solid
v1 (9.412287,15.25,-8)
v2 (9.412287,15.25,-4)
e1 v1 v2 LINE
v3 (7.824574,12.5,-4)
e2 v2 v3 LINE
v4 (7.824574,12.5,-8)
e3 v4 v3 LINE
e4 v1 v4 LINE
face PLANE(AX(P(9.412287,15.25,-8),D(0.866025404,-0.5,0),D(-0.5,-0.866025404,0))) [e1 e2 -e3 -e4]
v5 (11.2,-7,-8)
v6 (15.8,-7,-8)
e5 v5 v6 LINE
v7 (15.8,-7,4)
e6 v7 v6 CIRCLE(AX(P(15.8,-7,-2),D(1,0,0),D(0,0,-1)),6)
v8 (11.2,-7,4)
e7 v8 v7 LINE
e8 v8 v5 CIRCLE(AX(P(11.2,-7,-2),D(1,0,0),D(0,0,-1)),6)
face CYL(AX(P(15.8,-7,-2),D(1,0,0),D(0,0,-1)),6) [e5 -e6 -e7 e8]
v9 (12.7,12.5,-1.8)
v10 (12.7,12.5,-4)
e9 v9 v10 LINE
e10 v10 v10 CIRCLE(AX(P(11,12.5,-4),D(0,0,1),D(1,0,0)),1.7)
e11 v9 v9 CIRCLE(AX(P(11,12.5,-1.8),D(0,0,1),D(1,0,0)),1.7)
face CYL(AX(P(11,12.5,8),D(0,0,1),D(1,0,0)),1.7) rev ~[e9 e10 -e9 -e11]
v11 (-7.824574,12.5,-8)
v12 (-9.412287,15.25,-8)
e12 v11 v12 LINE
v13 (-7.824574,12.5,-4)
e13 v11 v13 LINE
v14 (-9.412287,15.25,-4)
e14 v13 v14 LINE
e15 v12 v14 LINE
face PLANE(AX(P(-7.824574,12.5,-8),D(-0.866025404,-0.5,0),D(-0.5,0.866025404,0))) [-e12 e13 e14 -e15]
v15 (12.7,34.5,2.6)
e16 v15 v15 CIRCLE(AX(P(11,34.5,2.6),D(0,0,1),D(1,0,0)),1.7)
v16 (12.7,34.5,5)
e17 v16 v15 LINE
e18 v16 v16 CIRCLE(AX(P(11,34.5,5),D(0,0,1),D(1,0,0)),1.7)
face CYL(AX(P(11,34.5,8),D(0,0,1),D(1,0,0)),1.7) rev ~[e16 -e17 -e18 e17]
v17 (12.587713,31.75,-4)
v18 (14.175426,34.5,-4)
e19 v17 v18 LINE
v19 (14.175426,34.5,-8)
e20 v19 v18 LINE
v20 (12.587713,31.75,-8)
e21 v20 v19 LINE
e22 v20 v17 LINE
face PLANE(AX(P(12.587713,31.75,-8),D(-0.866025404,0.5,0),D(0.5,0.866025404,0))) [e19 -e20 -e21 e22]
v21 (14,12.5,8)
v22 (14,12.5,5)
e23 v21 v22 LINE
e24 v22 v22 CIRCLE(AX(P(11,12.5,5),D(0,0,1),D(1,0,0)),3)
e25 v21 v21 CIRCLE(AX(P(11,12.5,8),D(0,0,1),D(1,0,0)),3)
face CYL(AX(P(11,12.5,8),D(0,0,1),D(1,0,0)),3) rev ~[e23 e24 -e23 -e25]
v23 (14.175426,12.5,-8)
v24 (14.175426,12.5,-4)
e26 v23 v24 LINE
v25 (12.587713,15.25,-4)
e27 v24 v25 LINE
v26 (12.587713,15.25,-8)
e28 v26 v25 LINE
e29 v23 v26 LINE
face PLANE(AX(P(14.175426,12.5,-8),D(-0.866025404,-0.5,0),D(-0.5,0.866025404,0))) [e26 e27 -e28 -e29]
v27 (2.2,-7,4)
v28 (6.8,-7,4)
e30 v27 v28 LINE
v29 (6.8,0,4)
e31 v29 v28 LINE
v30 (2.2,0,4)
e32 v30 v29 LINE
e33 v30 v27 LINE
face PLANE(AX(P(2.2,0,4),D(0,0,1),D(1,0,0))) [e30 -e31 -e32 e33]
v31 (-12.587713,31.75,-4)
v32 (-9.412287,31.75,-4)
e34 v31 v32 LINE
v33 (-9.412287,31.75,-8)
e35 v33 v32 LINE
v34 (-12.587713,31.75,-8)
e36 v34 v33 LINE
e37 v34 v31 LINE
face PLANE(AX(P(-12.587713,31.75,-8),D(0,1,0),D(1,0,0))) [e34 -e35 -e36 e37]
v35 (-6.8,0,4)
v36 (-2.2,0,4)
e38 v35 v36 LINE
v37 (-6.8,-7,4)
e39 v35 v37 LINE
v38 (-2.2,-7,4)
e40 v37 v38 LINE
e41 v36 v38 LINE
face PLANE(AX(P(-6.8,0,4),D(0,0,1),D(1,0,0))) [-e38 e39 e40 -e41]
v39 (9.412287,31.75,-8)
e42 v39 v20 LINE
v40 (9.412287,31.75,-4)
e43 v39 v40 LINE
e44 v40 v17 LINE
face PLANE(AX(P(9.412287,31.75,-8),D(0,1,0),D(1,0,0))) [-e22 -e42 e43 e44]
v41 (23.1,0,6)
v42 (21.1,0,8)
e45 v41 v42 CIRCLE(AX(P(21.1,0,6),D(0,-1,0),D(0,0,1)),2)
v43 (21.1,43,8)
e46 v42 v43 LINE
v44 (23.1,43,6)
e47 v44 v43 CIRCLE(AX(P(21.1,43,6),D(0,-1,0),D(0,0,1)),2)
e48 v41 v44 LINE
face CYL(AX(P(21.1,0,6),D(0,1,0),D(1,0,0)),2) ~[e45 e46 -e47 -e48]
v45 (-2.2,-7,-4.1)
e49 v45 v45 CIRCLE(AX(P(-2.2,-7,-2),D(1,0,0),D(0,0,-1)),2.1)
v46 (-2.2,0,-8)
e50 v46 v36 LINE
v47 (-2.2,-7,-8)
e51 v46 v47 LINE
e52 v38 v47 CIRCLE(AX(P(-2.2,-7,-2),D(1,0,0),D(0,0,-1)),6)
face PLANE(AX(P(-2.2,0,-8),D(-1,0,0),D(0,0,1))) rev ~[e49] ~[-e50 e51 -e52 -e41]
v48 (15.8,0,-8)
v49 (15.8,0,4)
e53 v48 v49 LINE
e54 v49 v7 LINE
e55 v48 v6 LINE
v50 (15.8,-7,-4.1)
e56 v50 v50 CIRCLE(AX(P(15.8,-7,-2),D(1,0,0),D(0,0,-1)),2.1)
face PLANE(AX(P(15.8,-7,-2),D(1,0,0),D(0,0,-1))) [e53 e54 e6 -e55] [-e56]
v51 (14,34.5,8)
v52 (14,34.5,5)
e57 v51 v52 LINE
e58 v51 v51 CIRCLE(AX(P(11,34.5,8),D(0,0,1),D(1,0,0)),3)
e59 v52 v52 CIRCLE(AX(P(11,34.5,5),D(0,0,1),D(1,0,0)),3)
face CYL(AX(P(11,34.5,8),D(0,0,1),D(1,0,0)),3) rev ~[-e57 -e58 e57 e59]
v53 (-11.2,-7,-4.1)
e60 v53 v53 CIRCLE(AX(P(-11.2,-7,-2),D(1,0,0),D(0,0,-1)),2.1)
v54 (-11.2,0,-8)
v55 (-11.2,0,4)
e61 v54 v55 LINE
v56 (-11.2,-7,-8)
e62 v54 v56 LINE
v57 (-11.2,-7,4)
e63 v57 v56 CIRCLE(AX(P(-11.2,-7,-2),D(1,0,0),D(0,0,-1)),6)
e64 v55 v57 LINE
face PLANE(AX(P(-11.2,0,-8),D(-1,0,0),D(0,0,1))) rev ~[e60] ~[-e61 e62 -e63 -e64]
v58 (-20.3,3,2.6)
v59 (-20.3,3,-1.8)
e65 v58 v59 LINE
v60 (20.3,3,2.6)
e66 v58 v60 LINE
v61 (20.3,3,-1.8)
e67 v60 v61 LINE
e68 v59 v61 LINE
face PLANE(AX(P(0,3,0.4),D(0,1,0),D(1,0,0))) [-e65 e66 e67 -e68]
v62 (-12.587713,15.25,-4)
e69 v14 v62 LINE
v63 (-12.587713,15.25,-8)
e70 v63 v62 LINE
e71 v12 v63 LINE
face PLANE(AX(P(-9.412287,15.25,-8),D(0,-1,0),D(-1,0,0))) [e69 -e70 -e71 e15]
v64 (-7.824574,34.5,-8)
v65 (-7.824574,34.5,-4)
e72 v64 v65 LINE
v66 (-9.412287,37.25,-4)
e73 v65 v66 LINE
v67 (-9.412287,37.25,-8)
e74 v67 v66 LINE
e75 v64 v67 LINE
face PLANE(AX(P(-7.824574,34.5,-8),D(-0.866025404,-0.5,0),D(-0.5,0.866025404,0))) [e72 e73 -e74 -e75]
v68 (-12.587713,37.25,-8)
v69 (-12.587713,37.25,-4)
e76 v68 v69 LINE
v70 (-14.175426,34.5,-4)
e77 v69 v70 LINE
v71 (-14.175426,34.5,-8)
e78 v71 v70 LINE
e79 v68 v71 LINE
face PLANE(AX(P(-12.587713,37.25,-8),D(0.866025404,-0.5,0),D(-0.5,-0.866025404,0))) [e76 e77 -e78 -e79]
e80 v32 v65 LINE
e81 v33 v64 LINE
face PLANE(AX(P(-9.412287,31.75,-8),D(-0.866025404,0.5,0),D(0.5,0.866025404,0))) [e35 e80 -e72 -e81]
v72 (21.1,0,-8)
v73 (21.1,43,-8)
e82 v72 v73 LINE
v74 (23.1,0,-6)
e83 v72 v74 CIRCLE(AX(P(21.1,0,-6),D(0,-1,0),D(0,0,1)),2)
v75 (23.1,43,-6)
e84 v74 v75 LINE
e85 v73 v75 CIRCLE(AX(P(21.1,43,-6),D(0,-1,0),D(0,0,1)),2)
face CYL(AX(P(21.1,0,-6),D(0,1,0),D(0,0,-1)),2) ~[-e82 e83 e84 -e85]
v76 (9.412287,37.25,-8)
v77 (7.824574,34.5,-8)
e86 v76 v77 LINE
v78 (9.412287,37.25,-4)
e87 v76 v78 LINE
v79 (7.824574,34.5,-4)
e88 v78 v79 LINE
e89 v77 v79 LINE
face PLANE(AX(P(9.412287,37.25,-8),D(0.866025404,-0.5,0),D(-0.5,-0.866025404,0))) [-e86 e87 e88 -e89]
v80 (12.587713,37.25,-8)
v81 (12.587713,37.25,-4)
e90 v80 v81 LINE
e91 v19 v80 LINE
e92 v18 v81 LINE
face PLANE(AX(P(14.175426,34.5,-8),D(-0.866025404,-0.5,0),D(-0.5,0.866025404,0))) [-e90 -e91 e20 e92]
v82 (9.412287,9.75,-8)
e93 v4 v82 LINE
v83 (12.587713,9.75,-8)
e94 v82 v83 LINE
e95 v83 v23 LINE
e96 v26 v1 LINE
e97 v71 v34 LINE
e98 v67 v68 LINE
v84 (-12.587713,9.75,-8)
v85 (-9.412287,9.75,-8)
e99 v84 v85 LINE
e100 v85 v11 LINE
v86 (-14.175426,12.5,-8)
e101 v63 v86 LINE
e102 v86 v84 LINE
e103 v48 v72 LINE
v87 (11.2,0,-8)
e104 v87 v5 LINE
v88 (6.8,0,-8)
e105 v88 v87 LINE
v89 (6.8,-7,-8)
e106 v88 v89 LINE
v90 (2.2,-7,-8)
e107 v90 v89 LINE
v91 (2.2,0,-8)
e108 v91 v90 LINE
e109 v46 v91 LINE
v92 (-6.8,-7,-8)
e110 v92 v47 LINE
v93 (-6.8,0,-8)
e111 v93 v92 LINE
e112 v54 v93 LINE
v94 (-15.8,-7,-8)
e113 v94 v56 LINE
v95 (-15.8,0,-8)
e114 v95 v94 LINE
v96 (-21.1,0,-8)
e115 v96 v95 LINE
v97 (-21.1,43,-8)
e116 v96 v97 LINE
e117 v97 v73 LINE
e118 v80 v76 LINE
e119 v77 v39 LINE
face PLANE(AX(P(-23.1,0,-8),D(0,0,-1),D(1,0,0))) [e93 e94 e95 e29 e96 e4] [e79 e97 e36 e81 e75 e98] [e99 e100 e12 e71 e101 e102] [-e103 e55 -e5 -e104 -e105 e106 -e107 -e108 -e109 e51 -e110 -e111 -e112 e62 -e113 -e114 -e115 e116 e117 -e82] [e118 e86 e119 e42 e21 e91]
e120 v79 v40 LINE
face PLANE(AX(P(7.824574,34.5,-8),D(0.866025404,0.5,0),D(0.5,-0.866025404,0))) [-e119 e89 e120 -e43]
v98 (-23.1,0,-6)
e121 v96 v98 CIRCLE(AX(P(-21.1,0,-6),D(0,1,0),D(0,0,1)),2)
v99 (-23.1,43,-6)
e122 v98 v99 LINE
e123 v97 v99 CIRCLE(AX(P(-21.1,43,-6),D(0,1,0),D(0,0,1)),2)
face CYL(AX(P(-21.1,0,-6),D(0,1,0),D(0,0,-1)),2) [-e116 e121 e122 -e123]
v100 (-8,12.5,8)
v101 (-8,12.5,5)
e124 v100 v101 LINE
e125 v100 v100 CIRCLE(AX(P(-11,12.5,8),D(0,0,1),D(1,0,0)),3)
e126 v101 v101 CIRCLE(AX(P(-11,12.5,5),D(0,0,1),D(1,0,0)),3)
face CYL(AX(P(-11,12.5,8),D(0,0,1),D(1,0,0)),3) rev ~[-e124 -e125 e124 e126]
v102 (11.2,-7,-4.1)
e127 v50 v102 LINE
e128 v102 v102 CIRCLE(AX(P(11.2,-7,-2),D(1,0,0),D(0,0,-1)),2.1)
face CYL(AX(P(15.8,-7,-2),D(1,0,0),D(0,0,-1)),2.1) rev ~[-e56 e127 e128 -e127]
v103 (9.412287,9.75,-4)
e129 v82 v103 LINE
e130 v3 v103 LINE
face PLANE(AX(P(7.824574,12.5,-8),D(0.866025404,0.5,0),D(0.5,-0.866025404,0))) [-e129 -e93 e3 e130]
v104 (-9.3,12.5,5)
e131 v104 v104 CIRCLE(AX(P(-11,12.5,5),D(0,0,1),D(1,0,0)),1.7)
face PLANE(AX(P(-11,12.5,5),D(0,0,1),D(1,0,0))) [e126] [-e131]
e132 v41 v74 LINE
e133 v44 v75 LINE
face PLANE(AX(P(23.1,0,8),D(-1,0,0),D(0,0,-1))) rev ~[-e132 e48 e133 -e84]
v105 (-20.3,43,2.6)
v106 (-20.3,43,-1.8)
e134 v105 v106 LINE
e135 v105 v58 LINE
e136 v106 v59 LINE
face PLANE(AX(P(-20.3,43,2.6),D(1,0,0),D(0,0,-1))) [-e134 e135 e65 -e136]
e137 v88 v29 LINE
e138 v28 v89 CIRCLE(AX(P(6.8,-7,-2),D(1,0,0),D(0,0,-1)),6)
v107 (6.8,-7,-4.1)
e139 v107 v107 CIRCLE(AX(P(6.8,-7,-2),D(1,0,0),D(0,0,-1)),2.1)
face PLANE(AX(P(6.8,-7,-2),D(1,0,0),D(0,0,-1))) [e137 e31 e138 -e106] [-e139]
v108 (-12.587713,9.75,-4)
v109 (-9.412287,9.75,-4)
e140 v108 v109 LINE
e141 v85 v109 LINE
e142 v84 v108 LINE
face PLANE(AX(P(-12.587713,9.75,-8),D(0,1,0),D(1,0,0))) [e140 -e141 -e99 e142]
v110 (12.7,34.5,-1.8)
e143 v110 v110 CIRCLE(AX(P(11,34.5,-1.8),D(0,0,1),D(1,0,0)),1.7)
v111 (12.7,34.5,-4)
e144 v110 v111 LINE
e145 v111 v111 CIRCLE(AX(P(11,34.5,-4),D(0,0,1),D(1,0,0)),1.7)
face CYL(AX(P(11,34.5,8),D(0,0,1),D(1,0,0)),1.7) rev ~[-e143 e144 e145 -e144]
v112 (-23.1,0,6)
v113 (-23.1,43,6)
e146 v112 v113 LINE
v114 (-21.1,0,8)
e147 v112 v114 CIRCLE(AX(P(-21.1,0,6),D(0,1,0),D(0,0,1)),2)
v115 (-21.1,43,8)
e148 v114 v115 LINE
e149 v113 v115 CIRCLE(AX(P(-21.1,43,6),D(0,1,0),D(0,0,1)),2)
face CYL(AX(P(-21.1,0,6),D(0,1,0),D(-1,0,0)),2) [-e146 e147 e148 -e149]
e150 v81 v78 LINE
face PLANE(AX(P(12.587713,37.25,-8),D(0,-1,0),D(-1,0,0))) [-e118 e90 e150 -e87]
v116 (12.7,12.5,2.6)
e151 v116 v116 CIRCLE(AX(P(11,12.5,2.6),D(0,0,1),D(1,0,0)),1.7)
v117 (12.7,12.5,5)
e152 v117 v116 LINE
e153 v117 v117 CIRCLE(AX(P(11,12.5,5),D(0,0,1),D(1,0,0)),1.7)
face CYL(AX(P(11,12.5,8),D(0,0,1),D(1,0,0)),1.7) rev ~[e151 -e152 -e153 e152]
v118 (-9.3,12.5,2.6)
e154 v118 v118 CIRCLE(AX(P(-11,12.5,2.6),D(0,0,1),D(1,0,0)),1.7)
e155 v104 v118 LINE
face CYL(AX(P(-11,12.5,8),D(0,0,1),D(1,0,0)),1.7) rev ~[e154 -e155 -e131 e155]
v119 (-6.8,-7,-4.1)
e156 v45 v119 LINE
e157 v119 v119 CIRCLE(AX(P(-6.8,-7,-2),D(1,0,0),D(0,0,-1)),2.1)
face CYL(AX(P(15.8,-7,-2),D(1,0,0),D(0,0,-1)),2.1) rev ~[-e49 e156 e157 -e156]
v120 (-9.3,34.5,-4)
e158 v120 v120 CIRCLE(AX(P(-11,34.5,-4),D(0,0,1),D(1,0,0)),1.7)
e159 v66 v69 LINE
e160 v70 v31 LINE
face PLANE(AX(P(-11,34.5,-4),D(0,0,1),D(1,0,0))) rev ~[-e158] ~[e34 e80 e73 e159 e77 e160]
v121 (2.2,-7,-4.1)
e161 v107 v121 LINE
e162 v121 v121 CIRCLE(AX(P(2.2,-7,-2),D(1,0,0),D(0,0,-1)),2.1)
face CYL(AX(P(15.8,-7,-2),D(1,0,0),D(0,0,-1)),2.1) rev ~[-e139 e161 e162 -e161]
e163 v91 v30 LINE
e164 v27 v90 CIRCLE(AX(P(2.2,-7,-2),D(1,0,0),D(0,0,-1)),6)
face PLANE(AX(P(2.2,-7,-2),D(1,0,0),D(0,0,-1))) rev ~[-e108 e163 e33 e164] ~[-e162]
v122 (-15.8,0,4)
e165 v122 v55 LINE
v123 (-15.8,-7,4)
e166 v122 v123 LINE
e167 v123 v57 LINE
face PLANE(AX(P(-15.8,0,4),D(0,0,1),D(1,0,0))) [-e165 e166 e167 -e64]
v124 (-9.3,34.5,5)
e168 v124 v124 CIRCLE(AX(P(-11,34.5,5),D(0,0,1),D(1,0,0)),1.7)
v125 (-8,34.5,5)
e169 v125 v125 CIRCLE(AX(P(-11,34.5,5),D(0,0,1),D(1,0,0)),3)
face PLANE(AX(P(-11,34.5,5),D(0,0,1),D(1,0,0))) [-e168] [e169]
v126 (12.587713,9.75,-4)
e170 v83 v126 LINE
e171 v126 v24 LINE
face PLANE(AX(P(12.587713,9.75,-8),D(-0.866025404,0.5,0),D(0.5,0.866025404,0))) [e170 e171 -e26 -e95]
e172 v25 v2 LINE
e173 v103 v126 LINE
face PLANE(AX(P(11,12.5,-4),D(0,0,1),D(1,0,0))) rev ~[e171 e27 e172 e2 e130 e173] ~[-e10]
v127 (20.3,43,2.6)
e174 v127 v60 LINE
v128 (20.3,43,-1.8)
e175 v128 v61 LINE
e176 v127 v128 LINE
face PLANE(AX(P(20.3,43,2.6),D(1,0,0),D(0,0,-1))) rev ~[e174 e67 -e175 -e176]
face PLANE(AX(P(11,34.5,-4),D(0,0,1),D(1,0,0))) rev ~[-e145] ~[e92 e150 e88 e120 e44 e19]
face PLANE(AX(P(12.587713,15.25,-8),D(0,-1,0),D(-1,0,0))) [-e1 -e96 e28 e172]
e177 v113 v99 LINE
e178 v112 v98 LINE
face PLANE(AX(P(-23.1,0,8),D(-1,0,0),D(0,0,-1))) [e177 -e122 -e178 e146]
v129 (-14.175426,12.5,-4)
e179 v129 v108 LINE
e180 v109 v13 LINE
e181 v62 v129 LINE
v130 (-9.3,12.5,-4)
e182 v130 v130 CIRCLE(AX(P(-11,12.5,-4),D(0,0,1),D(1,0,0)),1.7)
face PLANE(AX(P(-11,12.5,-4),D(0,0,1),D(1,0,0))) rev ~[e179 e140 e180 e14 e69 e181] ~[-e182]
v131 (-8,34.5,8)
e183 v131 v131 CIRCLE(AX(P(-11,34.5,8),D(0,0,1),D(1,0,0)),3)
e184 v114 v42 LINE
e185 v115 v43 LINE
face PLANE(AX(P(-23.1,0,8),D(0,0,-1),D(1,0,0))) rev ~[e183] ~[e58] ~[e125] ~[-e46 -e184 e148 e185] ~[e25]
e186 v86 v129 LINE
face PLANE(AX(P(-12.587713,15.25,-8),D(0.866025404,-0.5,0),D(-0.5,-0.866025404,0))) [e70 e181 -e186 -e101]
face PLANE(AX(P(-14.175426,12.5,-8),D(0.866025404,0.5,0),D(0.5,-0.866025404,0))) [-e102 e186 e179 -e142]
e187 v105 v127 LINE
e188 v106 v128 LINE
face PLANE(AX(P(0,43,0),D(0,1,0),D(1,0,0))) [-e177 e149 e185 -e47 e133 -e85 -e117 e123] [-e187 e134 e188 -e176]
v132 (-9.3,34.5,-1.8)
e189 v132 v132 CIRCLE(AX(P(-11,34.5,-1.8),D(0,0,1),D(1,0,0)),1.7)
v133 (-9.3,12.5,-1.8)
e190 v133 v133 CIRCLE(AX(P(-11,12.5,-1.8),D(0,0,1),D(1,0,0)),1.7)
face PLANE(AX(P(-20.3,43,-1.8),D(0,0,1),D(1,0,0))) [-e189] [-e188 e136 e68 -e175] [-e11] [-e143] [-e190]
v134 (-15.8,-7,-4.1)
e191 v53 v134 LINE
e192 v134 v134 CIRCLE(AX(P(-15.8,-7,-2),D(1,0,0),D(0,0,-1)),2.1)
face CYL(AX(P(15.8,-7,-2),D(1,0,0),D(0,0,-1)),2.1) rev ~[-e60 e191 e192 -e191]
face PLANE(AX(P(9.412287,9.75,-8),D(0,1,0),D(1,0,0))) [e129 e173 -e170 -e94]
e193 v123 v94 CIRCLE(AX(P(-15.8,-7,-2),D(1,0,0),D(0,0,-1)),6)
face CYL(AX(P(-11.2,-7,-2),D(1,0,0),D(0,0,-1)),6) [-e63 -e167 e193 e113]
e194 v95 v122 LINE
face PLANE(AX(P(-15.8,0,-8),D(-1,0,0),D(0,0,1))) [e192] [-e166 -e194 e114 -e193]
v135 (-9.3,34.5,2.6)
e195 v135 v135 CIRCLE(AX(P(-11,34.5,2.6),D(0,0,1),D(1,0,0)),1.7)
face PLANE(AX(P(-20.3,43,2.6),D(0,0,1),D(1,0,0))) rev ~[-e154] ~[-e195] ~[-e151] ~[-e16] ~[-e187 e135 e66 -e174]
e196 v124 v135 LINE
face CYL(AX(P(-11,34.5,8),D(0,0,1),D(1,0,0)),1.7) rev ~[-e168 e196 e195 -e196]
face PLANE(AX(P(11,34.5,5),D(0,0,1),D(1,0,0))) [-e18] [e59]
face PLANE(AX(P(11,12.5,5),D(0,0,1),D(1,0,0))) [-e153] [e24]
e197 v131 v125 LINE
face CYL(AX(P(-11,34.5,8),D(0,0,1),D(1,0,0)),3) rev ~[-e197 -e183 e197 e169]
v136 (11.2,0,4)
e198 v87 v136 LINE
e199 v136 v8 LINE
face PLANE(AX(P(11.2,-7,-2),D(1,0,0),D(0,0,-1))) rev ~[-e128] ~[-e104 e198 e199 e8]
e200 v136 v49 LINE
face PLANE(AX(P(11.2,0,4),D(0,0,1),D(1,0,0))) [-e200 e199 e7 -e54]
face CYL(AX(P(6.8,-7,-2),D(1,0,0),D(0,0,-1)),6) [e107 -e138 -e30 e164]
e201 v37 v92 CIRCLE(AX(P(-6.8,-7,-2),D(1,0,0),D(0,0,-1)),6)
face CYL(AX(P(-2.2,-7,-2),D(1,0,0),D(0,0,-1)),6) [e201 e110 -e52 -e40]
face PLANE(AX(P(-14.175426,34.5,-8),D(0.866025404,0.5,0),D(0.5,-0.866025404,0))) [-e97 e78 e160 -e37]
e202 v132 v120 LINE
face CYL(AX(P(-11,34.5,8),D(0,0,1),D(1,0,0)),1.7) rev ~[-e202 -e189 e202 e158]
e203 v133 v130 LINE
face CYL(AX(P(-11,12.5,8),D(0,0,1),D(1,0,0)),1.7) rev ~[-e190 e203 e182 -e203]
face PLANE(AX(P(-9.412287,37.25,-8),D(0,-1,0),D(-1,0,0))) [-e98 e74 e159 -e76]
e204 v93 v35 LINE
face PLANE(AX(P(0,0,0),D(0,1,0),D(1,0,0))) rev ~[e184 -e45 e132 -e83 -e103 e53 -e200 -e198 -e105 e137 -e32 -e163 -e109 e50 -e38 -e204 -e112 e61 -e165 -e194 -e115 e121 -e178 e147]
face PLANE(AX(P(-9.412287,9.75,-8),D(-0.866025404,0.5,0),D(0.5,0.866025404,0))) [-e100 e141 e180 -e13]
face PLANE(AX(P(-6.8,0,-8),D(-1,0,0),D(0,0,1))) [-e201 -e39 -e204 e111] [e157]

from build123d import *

# Parameters (mm, degrees)
SKETCH1_W            = 46.2
SKETCH1_H            = 16
BOSS_EXTRUDE1_DEPTH  = 43
SKETCH2_W            = 4.6
SKETCH2_H            = 12
BOSS_EXTRUDE2_DEPTH  = 7
SKETCH8_R            = 6
BOSS_EXTRUDE3_DEPTH  = 4.6
LPATTERN1_COUNT      = 4
LPATTERN1_PITCH      = 9
SKETCH4_R            = 2.1
CUT_EXTRUDE1_DEPTH   = 39.9
SKETCH6_W            = 40.6
SKETCH6_H            = 4.4
CUT_EXTRUDE2_DEPTH   = 40
SKETCH9_R            = 1.7
CUT_EXTRUDE3_DEPTH   = 17
FILLET2_R            = 2
CUT_EXTRUDE4_DEPTH   = 4
LPATTERN2_COUNT      = 2
LPATTERN2_PITCH      = 22
LPATTERN2_COUNT_DIR2 = 2
LPATTERN2_PITCH_DIR2 = 22
SKETCH11_R           = 3
CUT_EXTRUDE5_DEPTH   = 3


with BuildPart() as part:
    # Sketch1 → Boss-Extrude1 (new body)
    with BuildSketch(Plane(origin=(0, 0, 0), x_dir=(1, 0, 0), z_dir=(0, 1, 0))):
        Rectangle(SKETCH1_W, SKETCH1_H)
    extrude(amount=BOSS_EXTRUDE1_DEPTH)

    # Sketch2 → Boss-Extrude2 (add)
    with BuildSketch(Plane.XZ):
        with Locations((13.5, -2)):
            Rectangle(SKETCH2_W, SKETCH2_H)
    boss_extrude2 = extrude(amount=BOSS_EXTRUDE2_DEPTH)

    # Sketch8 → Boss-Extrude3 (add)
    with BuildSketch(Plane(origin=(15.8, 0, 0), x_dir=(0, 0, -1), z_dir=(1, 0, 0))):
        with Locations((2, -7)):
            Circle(SKETCH8_R)
    boss_extrude3 = extrude(amount=-BOSS_EXTRUDE3_DEPTH)

    # LPattern1: Boss-Extrude2, Boss-Extrude3 ×4
    with Locations(*[(-i * LPATTERN1_PITCH, 0, 0) for i in range(1, LPATTERN1_COUNT)]):
        add(boss_extrude2)
        add(boss_extrude3)

    # Sketch4 → Cut-Extrude1 (cut, through all)
    with BuildSketch(Plane(origin=(15.8, 0, 0), x_dir=(0, 0, -1), z_dir=(1, 0, 0))):
        with Locations((2, -7)):
            Circle(SKETCH4_R)
    extrude(amount=-CUT_EXTRUDE1_DEPTH, mode=Mode.SUBTRACT)

    # Sketch6 → Cut-Extrude2 (cut)
    with BuildSketch(Plane(origin=(0, 43, 0), x_dir=(1, 0, 0), z_dir=(0, 1, 0))):
        with Locations((0, -0.4)):
            Rectangle(SKETCH6_W, SKETCH6_H)
    extrude(amount=-CUT_EXTRUDE2_DEPTH, mode=Mode.SUBTRACT)

    # Sketch9 → Cut-Extrude3 (cut, through all)
    with BuildSketch(Plane.XY.offset(8)):
        with Locations((11, 12.5)):
            Circle(SKETCH9_R)
        with Locations((-11, 12.5)):
            Circle(SKETCH9_R)
        with Locations((11, 34.5)):
            Circle(SKETCH9_R)
        with Locations((-11, 34.5)):
            Circle(SKETCH9_R)
    extrude(amount=-CUT_EXTRUDE3_DEPTH, mode=Mode.SUBTRACT)

    # Fillet2
    fillet2_edges = [part.edges().sort_by_distance(p)[0] for p in [
        (-23.1, 21.5, -8),
        (23.1, 21.5, -8),
        (23.1, 21.5, 8),
        (-23.1, 21.5, 8),
    ]]
    fillet(fillet2_edges, radius=FILLET2_R)

    # Sketch10 → Cut-Extrude4 (cut)
    with BuildSketch(Plane(origin=(0, 0, -8), x_dir=(-1, 0, 0), z_dir=(0, 0, -1))):
        Polygon((12.58771324, 9.75), (9.41228676, 9.75), (7.824573519, 12.5), (9.41228676, 15.25), (12.58771324, 15.25), (14.175426481, 12.5), align=None)
    cut_extrude4 = extrude(amount=-CUT_EXTRUDE4_DEPTH, mode=Mode.SUBTRACT)

    # LPattern2: Cut-Extrude4 2 × 2
    with Locations(*[(j * LPATTERN2_PITCH_DIR2, i * LPATTERN2_PITCH, 0) for i in range(LPATTERN2_COUNT) for j in range(LPATTERN2_COUNT_DIR2) if (i, j) != (0, 0)]):
        add(cut_extrude4, mode=Mode.SUBTRACT)

    # Sketch11 → Cut-Extrude5 (cut)
    with BuildSketch(Plane.XY.offset(8)):
        with Locations((11, 12.5)):
            Circle(SKETCH11_R)
        with Locations((-11, 12.5)):
            Circle(SKETCH11_R)
        with Locations((-11, 34.5)):
            Circle(SKETCH11_R)
        with Locations((11, 34.5)):
            Circle(SKETCH11_R)
    extrude(amount=-CUT_EXTRUDE5_DEPTH, mode=Mode.SUBTRACT)


solid = part.part
